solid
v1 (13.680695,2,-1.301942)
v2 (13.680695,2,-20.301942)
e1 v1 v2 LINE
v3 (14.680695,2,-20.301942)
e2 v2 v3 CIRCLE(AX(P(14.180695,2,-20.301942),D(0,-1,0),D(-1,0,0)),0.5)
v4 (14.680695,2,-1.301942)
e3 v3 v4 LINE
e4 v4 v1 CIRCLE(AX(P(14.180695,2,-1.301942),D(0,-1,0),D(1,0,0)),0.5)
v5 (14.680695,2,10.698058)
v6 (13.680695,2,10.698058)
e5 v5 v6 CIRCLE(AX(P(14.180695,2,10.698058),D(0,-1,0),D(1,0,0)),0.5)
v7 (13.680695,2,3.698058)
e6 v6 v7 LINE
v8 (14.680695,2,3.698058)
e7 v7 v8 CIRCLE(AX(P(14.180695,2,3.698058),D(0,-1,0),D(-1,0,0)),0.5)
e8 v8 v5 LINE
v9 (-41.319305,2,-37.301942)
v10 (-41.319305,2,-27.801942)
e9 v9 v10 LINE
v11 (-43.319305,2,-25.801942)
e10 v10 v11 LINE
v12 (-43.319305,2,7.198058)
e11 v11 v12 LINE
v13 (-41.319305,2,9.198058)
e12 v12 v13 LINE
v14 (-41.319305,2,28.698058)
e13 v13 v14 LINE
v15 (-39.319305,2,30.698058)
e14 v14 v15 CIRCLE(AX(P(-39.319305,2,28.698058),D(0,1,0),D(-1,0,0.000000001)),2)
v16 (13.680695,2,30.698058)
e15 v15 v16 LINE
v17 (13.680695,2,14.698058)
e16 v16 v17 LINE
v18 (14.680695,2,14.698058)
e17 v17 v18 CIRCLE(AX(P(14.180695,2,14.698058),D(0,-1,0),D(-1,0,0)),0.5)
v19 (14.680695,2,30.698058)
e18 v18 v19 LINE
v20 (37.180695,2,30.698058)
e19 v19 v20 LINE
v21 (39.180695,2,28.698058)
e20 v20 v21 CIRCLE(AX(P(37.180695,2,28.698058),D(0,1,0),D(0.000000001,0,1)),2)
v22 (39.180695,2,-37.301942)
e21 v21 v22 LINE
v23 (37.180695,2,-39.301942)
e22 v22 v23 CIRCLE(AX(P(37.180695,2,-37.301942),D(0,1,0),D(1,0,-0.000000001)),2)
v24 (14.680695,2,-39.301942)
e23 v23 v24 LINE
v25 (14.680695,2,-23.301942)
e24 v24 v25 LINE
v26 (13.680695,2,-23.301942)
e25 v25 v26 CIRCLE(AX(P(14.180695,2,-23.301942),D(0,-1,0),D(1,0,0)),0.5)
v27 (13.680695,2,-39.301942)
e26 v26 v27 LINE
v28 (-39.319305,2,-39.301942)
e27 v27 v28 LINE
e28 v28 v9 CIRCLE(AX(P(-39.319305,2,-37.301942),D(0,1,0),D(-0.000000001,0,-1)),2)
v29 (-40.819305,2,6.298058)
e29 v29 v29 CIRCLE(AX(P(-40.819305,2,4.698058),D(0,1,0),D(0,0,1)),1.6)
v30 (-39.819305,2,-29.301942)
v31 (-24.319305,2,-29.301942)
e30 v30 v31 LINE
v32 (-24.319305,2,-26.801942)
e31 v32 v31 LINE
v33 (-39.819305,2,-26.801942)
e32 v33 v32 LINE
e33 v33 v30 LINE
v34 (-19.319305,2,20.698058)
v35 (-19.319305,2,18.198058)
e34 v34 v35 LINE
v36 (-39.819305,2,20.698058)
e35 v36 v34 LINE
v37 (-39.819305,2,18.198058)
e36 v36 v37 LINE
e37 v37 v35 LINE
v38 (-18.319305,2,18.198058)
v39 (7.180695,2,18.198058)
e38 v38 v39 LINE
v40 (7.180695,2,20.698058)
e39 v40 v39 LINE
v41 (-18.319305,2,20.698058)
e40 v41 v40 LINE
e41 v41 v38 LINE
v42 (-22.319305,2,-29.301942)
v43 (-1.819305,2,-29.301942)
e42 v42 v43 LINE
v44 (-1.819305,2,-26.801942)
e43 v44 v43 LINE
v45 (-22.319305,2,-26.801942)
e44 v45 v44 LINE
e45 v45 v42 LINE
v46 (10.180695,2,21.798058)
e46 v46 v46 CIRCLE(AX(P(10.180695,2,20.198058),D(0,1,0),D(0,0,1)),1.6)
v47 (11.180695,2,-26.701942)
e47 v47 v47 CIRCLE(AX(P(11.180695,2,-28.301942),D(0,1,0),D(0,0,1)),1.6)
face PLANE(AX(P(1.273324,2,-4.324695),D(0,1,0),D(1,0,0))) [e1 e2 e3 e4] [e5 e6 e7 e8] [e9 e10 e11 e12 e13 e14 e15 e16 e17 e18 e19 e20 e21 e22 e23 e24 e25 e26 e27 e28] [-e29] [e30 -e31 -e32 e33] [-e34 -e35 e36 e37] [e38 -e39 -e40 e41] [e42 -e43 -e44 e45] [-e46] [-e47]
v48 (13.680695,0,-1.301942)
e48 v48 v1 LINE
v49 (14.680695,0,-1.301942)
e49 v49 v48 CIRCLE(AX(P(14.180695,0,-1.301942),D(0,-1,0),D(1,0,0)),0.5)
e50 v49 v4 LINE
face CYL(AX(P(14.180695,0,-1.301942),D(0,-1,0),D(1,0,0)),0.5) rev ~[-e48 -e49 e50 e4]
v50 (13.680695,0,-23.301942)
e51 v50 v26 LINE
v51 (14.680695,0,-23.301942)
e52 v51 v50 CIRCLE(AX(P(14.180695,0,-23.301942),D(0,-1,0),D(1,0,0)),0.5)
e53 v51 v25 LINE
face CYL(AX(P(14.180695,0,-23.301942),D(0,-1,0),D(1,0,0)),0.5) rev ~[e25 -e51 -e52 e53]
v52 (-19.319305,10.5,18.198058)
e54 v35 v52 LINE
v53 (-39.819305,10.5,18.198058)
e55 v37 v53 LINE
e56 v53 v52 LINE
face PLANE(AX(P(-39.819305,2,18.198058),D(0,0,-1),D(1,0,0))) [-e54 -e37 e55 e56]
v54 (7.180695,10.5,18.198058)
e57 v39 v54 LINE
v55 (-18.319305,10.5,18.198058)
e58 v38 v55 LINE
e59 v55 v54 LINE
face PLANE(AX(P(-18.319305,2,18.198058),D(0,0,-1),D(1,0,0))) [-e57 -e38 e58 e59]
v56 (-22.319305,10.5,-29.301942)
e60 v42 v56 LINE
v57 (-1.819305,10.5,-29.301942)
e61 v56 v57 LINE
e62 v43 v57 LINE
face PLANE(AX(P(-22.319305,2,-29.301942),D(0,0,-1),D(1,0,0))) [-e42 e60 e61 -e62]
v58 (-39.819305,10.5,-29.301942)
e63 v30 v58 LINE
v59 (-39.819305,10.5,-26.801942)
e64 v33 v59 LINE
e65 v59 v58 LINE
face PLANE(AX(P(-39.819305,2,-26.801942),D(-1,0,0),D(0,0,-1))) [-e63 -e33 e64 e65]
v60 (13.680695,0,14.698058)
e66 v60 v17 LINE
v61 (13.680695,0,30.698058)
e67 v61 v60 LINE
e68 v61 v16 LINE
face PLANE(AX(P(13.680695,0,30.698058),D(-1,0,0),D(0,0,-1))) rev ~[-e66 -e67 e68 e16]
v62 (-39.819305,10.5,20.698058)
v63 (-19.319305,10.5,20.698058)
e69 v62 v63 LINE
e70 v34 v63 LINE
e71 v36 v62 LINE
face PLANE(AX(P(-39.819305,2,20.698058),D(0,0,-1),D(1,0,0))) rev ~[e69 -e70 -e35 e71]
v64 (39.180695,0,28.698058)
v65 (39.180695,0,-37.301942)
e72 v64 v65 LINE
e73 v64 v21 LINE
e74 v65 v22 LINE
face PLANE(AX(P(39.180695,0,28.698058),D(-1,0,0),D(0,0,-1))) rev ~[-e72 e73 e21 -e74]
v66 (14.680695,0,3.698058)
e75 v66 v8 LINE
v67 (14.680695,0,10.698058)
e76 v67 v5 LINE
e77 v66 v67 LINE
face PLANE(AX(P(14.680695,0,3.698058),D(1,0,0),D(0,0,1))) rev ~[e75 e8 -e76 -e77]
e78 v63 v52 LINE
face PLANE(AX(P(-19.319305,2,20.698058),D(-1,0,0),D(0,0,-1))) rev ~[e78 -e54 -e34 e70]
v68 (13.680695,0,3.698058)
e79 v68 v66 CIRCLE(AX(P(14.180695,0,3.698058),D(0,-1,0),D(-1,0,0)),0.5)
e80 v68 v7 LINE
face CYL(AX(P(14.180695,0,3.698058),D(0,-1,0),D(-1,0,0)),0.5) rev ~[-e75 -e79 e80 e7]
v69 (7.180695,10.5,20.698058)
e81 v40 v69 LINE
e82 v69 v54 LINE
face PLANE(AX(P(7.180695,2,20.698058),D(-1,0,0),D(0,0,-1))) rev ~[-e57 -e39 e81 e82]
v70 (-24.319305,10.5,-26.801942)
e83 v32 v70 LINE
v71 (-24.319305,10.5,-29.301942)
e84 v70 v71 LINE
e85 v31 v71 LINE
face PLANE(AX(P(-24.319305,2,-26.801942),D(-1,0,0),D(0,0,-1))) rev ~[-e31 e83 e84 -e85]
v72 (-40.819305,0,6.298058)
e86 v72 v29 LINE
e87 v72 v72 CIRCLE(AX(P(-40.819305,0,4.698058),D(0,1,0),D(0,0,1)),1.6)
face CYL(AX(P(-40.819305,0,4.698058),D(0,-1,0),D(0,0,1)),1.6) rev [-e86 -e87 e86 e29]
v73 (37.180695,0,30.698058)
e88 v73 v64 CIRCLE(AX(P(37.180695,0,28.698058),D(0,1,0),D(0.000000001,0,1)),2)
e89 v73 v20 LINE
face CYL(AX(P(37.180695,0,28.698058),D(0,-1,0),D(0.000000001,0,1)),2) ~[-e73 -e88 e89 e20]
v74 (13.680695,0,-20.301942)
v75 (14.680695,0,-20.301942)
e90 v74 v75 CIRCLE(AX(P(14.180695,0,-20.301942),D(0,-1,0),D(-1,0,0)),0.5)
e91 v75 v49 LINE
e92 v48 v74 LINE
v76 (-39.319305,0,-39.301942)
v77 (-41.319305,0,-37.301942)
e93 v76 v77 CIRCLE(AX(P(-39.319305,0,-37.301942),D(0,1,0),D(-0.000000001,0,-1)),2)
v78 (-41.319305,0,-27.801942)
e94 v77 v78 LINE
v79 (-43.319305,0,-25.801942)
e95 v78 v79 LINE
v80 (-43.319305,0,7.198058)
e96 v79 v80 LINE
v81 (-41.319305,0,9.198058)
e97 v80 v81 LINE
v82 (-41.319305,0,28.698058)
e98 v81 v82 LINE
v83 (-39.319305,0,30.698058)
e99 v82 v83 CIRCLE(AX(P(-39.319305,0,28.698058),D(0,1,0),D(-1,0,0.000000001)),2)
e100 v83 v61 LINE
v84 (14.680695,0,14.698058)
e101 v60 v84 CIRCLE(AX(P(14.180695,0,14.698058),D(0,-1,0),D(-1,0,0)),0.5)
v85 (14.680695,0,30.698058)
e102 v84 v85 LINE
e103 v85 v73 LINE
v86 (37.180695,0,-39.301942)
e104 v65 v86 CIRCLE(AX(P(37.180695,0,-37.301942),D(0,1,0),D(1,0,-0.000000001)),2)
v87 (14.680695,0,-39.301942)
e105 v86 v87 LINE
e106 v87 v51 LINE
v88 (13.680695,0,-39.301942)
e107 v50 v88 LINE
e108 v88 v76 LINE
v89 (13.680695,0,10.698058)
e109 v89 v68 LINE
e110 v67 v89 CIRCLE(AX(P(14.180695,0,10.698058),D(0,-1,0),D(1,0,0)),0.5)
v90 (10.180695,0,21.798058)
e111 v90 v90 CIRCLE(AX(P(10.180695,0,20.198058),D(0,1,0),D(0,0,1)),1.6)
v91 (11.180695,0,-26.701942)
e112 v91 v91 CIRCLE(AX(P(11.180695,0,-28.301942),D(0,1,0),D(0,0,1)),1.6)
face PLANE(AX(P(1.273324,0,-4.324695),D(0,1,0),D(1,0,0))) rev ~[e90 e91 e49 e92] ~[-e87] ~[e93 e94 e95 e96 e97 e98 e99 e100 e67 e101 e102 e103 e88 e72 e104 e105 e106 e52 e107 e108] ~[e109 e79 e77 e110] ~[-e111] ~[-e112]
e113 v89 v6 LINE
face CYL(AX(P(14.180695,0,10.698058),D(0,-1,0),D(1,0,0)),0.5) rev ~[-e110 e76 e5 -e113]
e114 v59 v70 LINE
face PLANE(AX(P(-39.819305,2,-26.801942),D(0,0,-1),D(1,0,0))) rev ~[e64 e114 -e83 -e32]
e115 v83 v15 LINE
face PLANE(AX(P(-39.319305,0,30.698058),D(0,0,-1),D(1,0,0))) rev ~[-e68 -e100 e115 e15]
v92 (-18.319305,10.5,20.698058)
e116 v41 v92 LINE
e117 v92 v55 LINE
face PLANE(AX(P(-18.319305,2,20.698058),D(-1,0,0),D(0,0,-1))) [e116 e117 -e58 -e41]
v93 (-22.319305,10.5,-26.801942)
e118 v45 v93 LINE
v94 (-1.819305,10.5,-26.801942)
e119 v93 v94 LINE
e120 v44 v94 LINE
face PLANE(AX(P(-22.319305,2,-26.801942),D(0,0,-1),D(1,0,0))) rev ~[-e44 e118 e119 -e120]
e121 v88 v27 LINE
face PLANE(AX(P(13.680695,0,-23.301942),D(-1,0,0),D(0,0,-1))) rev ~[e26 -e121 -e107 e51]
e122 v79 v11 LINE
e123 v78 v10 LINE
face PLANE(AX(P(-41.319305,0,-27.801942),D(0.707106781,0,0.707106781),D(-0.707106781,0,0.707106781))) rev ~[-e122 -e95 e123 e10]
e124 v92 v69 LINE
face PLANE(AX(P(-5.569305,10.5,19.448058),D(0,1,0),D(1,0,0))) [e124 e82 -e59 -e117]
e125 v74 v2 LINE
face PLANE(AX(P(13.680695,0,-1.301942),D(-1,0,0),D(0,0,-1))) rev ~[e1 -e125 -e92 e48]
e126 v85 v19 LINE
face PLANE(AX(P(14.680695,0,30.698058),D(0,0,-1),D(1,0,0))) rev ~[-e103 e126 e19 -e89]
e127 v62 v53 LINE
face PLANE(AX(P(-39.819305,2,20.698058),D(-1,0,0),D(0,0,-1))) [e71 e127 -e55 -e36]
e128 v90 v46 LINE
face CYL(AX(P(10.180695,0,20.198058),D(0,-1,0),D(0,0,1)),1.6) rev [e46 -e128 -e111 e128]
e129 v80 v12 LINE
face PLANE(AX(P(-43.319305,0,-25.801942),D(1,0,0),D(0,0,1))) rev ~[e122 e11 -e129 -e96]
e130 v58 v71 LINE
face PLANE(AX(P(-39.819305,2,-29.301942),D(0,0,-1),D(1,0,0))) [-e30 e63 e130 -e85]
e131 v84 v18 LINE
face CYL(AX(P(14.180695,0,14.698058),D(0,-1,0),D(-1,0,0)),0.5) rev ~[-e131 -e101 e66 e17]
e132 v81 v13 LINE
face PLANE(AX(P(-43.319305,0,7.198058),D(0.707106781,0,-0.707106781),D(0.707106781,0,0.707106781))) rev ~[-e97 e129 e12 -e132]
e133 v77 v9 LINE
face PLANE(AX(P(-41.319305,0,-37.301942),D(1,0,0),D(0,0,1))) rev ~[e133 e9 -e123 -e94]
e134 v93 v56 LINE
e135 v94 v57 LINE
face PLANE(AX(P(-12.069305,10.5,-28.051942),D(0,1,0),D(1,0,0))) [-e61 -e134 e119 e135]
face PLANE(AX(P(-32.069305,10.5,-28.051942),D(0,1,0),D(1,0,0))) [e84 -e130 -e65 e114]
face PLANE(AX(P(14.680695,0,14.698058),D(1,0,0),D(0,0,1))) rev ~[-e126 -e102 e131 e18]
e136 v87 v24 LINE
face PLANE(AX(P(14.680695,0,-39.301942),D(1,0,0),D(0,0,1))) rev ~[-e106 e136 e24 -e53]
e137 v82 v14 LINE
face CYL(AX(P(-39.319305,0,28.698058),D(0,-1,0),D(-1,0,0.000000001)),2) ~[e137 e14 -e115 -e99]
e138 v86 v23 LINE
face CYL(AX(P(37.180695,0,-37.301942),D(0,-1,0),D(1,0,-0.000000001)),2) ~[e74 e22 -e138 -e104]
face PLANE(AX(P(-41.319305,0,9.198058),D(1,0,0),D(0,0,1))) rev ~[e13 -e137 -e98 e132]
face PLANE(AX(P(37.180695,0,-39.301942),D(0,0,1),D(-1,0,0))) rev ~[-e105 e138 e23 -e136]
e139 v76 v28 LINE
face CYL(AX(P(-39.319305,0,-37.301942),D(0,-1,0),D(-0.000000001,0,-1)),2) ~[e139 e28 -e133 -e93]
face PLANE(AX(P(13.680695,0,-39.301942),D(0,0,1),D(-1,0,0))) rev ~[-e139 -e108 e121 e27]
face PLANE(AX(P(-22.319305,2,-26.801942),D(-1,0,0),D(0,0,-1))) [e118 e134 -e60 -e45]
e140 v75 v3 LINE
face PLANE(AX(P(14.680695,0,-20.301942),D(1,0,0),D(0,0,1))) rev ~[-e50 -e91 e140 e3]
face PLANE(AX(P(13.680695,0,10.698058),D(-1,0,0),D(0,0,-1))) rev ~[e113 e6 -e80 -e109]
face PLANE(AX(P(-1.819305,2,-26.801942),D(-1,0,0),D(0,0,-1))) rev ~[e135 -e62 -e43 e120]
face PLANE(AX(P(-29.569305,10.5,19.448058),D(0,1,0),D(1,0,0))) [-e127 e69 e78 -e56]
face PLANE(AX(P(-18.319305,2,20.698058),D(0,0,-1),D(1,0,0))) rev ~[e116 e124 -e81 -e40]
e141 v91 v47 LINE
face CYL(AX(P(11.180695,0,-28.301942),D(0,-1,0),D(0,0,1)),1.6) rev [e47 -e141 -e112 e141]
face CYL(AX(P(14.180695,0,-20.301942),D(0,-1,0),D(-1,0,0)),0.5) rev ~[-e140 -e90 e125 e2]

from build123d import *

# Parameters (mm, degrees)
SZKIC2_R                    = 1.6
DODANIE_WYCI_GNI_CIE1_DEPTH = 2
SZKIC3_W                    = 15.5
SZKIC3_H                    = 2.5
SZKIC3_W_2                  = 20.5
SZKIC3_W_3                  = 25.5
DODANIE_WYCI_GNI_CIE2_DEPTH = 8.5


with BuildPart() as part:
    # Szkic2 → Dodanie-wyciągnięcie1 (new body)
    with BuildSketch(Plane(origin=(0, 0, 0), x_dir=(1, 0, 0), z_dir=(0, 1, 0))):
        with BuildLine():
            Line((-43.319305218, 25.801941522), (-43.319305218, -7.198058478))
            Line((-43.319305218, -7.198058478), (-41.319305218, -9.198058478))
            Line((-41.319305218, -9.198058478), (-41.319305218, -28.698058478))
            ThreePointArc((-41.319305218, -28.698058478), (-40.73351878, -30.11227204), (-39.319305218, -30.698058478))
            Line((-39.319305218, -30.698058478), (13.680694782, -30.698058478))
            Line((13.680694782, -30.698058478), (13.680694782, -14.698058478))
            ThreePointArc((13.680694782, -14.698058478), (14.180694782, -14.198058478), (14.680694782, -14.698058478))
            Line((14.680694782, -14.698058478), (14.680694782, -30.698058478))
            Line((14.680694782, -30.698058478), (37.180694782, -30.698058478))
            ThreePointArc((37.180694782, -30.698058478), (38.594908344, -30.11227204), (39.180694782, -28.698058478))
            Line((39.180694782, -28.698058478), (39.180694782, 37.301941522))
            ThreePointArc((39.180694782, 37.301941522), (38.594908344, 38.716155084), (37.180694782, 39.301941522))
            Line((37.180694782, 39.301941522), (14.680694782, 39.301941522))
            Line((14.680694782, 39.301941522), (14.680694782, 23.301941522))
            ThreePointArc((14.680694782, 23.301941522), (14.180694782, 22.801941522), (13.680694782, 23.301941522))
            Line((13.680694782, 23.301941522), (13.680694782, 39.301941522))
            Line((13.680694782, 39.301941522), (-39.319305218, 39.301941522))
            ThreePointArc((-39.319305218, 39.301941522), (-40.73351878, 38.716155084), (-41.319305218, 37.301941522))
            Line((-41.319305218, 37.301941522), (-41.319305218, 27.801941522))
            Line((-41.319305218, 27.801941522), (-43.319305218, 25.801941522))
        make_face()
        with Locations(Location((-40.819305218, -4.698058478, 0), (0, 0, 270))):
            Circle(SZKIC2_R, mode=Mode.SUBTRACT)
        with Locations(Location((10.180694782, -20.198058478, 0), (0, 0, 270))):
            Circle(SZKIC2_R, mode=Mode.SUBTRACT)
        with BuildLine():
            ThreePointArc((13.680694782, -3.698058478), (14.180694782, -3.198058478), (14.680694782, -3.698058478))
            Line((14.680694782, -3.698058478), (14.680694782, -10.698058478))
            ThreePointArc((14.680694782, -10.698058478), (14.180694782, -11.198058478), (13.680694782, -10.698058478))
            Line((13.680694782, -10.698058478), (13.680694782, -3.698058478))
        make_face(mode=Mode.SUBTRACT)
        with BuildLine():
            ThreePointArc((13.680694782, 20.301941522), (14.180694782, 20.801941522), (14.680694782, 20.301941522))
            Line((14.680694782, 20.301941522), (14.680694782, 1.301941522))
            ThreePointArc((14.680694782, 1.301941522), (14.180694782, 0.801941522), (13.680694782, 1.301941522))
            Line((13.680694782, 1.301941522), (13.680694782, 20.301941522))
        make_face(mode=Mode.SUBTRACT)
        with Locations(Location((11.180694782, 28.301941522, 0), (0, 0, 270))):
            Circle(SZKIC2_R, mode=Mode.SUBTRACT)
    extrude(amount=DODANIE_WYCI_GNI_CIE1_DEPTH)

    # Szkic3 → Dodanie-wyciągnięcie2 (add)
    with BuildSketch(Plane(origin=(0, 2, 0), x_dir=(1, 0, 0), z_dir=(0, 1, 0))):
        with Locations((-32.069305218, 28.051941522)):
            Rectangle(SZKIC3_W, SZKIC3_H)
        with Locations((-12.069305218, 28.051941522)):
            Rectangle(SZKIC3_W_2, SZKIC3_H)
        with Locations((-29.569305218, -19.448058478)):
            Rectangle(SZKIC3_W_2, SZKIC3_H)
        with Locations((-5.569305218, -19.448058478)):
            Rectangle(SZKIC3_W_3, SZKIC3_H)
    extrude(amount=DODANIE_WYCI_GNI_CIE2_DEPTH)


solid = part.part
